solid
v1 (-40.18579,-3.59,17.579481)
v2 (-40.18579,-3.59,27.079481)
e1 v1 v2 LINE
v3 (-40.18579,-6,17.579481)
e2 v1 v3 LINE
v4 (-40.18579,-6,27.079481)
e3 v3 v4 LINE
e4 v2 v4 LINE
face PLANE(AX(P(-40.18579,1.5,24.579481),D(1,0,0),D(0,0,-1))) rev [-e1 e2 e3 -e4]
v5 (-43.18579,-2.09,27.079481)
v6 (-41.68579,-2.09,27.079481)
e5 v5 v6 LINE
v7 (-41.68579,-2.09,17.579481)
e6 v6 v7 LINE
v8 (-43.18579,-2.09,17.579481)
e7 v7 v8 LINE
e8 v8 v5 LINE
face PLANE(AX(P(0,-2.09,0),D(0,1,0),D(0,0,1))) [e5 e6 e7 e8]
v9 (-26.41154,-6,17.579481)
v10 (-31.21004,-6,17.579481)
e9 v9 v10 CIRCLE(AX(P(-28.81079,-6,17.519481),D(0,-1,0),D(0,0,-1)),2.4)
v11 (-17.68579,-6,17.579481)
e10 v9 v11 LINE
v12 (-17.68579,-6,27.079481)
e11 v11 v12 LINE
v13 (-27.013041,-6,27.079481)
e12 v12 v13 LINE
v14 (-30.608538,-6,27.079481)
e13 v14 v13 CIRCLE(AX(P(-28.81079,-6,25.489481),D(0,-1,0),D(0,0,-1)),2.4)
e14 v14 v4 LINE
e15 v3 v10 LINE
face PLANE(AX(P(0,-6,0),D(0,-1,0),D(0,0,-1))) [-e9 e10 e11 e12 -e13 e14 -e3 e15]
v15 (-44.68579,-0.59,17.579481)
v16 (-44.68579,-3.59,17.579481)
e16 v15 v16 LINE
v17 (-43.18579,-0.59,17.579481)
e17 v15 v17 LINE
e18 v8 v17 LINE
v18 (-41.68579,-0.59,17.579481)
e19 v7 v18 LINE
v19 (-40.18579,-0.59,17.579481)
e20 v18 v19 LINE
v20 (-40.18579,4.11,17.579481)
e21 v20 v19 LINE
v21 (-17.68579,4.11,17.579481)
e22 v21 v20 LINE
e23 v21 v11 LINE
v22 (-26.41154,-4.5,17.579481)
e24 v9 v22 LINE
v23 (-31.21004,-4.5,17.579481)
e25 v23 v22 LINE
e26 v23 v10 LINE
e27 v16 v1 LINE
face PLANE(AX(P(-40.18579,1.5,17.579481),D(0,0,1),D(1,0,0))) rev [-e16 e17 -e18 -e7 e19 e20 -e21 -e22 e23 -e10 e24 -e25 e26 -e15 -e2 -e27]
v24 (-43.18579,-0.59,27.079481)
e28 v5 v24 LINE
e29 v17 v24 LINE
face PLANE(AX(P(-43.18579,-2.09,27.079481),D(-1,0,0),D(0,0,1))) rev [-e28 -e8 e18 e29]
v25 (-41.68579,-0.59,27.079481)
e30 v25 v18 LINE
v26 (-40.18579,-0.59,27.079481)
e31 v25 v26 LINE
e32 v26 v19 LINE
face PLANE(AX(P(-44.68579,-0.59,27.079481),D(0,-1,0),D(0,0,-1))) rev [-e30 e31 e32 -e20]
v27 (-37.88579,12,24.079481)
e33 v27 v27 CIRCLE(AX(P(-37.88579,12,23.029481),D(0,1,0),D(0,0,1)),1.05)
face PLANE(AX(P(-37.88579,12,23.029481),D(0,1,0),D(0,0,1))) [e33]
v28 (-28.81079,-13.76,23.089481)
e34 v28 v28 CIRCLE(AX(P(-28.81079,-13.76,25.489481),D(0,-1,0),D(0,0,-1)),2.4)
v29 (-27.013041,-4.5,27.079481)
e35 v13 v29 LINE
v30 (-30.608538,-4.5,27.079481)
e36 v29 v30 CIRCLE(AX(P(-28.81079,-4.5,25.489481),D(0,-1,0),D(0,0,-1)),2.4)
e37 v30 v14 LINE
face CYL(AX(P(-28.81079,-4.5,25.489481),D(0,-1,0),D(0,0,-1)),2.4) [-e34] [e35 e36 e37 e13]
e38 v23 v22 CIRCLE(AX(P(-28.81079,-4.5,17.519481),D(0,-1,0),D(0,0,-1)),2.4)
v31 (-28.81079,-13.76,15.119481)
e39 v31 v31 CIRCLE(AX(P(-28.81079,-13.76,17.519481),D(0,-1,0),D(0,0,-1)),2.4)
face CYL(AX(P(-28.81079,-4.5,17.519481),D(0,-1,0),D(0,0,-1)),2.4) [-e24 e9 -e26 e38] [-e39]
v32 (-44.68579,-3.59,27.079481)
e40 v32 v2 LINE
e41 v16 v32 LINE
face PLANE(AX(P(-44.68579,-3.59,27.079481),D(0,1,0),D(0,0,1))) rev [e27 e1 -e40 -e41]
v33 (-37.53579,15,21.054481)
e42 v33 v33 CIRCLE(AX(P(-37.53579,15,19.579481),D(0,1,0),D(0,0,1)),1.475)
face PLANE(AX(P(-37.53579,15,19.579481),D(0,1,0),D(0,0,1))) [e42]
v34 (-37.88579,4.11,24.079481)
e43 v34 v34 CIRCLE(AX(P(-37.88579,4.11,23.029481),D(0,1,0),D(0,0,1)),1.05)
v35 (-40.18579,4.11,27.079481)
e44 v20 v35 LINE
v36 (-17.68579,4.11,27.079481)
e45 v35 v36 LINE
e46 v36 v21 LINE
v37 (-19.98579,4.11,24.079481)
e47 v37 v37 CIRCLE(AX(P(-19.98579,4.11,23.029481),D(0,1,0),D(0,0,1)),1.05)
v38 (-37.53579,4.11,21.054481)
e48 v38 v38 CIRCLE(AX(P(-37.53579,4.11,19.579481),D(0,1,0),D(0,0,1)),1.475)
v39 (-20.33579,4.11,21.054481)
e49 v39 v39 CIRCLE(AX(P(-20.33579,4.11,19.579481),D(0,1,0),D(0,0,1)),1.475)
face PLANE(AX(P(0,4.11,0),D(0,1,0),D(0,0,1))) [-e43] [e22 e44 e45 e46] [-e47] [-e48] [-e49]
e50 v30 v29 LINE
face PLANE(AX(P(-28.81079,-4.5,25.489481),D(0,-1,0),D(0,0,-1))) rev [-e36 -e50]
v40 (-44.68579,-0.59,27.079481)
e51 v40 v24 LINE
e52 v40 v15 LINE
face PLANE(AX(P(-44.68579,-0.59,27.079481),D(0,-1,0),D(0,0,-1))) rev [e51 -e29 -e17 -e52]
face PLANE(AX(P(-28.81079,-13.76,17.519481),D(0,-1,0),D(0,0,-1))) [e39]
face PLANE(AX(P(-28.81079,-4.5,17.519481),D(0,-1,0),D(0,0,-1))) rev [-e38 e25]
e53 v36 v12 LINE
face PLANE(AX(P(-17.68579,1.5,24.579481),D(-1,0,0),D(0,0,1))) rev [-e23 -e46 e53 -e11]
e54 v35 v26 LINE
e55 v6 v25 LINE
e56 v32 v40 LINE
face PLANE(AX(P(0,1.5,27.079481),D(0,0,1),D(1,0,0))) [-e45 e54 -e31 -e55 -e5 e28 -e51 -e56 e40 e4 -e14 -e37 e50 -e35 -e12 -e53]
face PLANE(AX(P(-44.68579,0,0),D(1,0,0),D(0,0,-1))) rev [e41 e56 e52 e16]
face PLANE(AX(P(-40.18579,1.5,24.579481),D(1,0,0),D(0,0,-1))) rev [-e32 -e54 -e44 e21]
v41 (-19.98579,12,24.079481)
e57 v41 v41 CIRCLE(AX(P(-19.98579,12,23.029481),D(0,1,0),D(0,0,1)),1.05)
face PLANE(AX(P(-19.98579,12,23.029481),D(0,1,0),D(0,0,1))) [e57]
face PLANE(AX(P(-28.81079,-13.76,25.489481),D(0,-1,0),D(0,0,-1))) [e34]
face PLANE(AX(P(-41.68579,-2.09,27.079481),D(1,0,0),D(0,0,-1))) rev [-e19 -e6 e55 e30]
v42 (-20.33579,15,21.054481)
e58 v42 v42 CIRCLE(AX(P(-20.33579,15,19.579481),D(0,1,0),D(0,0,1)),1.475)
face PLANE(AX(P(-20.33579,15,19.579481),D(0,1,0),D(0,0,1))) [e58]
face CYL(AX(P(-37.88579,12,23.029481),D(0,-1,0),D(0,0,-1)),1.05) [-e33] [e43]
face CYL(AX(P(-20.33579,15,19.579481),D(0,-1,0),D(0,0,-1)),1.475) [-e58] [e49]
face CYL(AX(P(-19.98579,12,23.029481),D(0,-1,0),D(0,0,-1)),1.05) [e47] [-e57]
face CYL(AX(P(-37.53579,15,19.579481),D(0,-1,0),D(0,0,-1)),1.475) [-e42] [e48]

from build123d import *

# Parameters (mm, degrees)
SKETCH1_W                = 22.5
SKETCH1_H                = 7
BOSS_EXTRUDE1_DEPTH      = 1.5
SKETCH2_R                = 1.475
BOSS_EXTRUDE2_DEPTH      = 13.5
SKETCH3_R                = 1.05
BOSS_EXTRUDE3_DEPTH      = 10.5
SKETCH4_W                = 22.5
SKETCH4_H                = 2.5
SKETCH4_H_2              = 7
BOSS_EXTRUDE4_DEPTH      = 6
BOSS_EXTRUDE4_DEPTH_BACK = 1.5
SKETCH8_W                = 22.5
SKETCH8_H                = 9.5
BOSS_EXTRUDE7_DEPTH      = 2.61
SKETCH9_R                = 2.4
BOSS_EXTRUDE8_DEPTH      = 7.76
BOSS_EXTRUDE8_DEPTH_BACK = 1.5
SKETCH15_W               = 9.5
SKETCH15_H               = 3
BOSS_EXTRUDE11_DEPTH     = 4.5
SKETCH16_W               = 1.5
SKETCH16_H               = 9.5
CUT_EXTRUDE3_DEPTH       = 1.5


with BuildPart() as part:
    # Sketch1 → Boss-Extrude1 (new body)
    with BuildSketch(Plane(origin=(0, 0, 0), x_dir=(1, 0, 0), z_dir=(0, 1, 0))):
        with Locations((-28.93578967, -21.079480712)):
            Rectangle(SKETCH1_W, SKETCH1_H)
    extrude(amount=BOSS_EXTRUDE1_DEPTH)

    # Sketch2 → Boss-Extrude2 (add)
    with BuildSketch(Plane(origin=(0, 1.5, 0), x_dir=(1, 0, 0), z_dir=(0, 1, 0))):
        with Locations((-37.53578967, -19.579480712)):
            Circle(SKETCH2_R)
        with Locations((-20.33578967, -19.579480712)):
            Circle(SKETCH2_R)
    extrude(amount=BOSS_EXTRUDE2_DEPTH)

    # Sketch3 → Boss-Extrude3 (add)
    with BuildSketch(Plane(origin=(0, 1.5, 0), x_dir=(1, 0, 0), z_dir=(0, 1, 0))):
        with Locations((-37.88578967, -23.029480712)):
            Circle(SKETCH3_R)
        with Locations((-19.98578967, -23.029480712)):
            Circle(SKETCH3_R)
    extrude(amount=BOSS_EXTRUDE3_DEPTH)

    # Sketch4 → Boss-Extrude4 (add, two sides)
    with BuildSketch(Plane(origin=(0, 0, 0), x_dir=(-1, 0, 0), z_dir=(0, -1, 0))) as boss_extrude4_sk:
        with Locations((28.93578967, -25.829480712)):
            Rectangle(SKETCH4_W, SKETCH4_H)
        with Locations((28.93578967, -21.079480712)):
            Rectangle(SKETCH4_W, SKETCH4_H_2)
    extrude(amount=BOSS_EXTRUDE4_DEPTH)
    extrude(boss_extrude4_sk.sketch, amount=-BOSS_EXTRUDE4_DEPTH_BACK)

    # Sketch8 → Boss-Extrude7 (add)
    with BuildSketch(Plane(origin=(0, 1.5, 0), x_dir=(1, 0, 0), z_dir=(0, 1, 0))):
        with Locations((-28.93578967, -22.329480712)):
            Rectangle(SKETCH8_W, SKETCH8_H)
    extrude(amount=BOSS_EXTRUDE7_DEPTH)

    # Sketch9 → Boss-Extrude8 (add, two sides)
    with BuildSketch(Plane(origin=(0, -6, 0), x_dir=(-1, 0, 0), z_dir=(0, -1, 0))) as boss_extrude8_sk:
        with Locations((28.81078967, -25.489480712)):
            Circle(SKETCH9_R)
        with Locations((28.81078967, -17.519480712)):
            Circle(SKETCH9_R)
    extrude(amount=BOSS_EXTRUDE8_DEPTH)
    extrude(boss_extrude8_sk.sketch, amount=-BOSS_EXTRUDE8_DEPTH_BACK)

    # Sketch15 → Boss-Extrude11 (add)
    with BuildSketch(Plane.ZY.offset(40.18578967)):
        with Locations((22.329480712, -2.09)):
            Rectangle(SKETCH15_W, SKETCH15_H)
    extrude(amount=BOSS_EXTRUDE11_DEPTH)

    # Sketch16 → Cut-Extrude3 (cut)
    with BuildSketch(Plane(origin=(0, -0.59, 0), x_dir=(1, 0, 0), z_dir=(0, 1, 0))):
        with Locations((-42.43578967, -22.329480712)):
            Rectangle(SKETCH16_W, SKETCH16_H)
    extrude(amount=-CUT_EXTRUDE3_DEPTH, mode=Mode.SUBTRACT)


solid = part.part
